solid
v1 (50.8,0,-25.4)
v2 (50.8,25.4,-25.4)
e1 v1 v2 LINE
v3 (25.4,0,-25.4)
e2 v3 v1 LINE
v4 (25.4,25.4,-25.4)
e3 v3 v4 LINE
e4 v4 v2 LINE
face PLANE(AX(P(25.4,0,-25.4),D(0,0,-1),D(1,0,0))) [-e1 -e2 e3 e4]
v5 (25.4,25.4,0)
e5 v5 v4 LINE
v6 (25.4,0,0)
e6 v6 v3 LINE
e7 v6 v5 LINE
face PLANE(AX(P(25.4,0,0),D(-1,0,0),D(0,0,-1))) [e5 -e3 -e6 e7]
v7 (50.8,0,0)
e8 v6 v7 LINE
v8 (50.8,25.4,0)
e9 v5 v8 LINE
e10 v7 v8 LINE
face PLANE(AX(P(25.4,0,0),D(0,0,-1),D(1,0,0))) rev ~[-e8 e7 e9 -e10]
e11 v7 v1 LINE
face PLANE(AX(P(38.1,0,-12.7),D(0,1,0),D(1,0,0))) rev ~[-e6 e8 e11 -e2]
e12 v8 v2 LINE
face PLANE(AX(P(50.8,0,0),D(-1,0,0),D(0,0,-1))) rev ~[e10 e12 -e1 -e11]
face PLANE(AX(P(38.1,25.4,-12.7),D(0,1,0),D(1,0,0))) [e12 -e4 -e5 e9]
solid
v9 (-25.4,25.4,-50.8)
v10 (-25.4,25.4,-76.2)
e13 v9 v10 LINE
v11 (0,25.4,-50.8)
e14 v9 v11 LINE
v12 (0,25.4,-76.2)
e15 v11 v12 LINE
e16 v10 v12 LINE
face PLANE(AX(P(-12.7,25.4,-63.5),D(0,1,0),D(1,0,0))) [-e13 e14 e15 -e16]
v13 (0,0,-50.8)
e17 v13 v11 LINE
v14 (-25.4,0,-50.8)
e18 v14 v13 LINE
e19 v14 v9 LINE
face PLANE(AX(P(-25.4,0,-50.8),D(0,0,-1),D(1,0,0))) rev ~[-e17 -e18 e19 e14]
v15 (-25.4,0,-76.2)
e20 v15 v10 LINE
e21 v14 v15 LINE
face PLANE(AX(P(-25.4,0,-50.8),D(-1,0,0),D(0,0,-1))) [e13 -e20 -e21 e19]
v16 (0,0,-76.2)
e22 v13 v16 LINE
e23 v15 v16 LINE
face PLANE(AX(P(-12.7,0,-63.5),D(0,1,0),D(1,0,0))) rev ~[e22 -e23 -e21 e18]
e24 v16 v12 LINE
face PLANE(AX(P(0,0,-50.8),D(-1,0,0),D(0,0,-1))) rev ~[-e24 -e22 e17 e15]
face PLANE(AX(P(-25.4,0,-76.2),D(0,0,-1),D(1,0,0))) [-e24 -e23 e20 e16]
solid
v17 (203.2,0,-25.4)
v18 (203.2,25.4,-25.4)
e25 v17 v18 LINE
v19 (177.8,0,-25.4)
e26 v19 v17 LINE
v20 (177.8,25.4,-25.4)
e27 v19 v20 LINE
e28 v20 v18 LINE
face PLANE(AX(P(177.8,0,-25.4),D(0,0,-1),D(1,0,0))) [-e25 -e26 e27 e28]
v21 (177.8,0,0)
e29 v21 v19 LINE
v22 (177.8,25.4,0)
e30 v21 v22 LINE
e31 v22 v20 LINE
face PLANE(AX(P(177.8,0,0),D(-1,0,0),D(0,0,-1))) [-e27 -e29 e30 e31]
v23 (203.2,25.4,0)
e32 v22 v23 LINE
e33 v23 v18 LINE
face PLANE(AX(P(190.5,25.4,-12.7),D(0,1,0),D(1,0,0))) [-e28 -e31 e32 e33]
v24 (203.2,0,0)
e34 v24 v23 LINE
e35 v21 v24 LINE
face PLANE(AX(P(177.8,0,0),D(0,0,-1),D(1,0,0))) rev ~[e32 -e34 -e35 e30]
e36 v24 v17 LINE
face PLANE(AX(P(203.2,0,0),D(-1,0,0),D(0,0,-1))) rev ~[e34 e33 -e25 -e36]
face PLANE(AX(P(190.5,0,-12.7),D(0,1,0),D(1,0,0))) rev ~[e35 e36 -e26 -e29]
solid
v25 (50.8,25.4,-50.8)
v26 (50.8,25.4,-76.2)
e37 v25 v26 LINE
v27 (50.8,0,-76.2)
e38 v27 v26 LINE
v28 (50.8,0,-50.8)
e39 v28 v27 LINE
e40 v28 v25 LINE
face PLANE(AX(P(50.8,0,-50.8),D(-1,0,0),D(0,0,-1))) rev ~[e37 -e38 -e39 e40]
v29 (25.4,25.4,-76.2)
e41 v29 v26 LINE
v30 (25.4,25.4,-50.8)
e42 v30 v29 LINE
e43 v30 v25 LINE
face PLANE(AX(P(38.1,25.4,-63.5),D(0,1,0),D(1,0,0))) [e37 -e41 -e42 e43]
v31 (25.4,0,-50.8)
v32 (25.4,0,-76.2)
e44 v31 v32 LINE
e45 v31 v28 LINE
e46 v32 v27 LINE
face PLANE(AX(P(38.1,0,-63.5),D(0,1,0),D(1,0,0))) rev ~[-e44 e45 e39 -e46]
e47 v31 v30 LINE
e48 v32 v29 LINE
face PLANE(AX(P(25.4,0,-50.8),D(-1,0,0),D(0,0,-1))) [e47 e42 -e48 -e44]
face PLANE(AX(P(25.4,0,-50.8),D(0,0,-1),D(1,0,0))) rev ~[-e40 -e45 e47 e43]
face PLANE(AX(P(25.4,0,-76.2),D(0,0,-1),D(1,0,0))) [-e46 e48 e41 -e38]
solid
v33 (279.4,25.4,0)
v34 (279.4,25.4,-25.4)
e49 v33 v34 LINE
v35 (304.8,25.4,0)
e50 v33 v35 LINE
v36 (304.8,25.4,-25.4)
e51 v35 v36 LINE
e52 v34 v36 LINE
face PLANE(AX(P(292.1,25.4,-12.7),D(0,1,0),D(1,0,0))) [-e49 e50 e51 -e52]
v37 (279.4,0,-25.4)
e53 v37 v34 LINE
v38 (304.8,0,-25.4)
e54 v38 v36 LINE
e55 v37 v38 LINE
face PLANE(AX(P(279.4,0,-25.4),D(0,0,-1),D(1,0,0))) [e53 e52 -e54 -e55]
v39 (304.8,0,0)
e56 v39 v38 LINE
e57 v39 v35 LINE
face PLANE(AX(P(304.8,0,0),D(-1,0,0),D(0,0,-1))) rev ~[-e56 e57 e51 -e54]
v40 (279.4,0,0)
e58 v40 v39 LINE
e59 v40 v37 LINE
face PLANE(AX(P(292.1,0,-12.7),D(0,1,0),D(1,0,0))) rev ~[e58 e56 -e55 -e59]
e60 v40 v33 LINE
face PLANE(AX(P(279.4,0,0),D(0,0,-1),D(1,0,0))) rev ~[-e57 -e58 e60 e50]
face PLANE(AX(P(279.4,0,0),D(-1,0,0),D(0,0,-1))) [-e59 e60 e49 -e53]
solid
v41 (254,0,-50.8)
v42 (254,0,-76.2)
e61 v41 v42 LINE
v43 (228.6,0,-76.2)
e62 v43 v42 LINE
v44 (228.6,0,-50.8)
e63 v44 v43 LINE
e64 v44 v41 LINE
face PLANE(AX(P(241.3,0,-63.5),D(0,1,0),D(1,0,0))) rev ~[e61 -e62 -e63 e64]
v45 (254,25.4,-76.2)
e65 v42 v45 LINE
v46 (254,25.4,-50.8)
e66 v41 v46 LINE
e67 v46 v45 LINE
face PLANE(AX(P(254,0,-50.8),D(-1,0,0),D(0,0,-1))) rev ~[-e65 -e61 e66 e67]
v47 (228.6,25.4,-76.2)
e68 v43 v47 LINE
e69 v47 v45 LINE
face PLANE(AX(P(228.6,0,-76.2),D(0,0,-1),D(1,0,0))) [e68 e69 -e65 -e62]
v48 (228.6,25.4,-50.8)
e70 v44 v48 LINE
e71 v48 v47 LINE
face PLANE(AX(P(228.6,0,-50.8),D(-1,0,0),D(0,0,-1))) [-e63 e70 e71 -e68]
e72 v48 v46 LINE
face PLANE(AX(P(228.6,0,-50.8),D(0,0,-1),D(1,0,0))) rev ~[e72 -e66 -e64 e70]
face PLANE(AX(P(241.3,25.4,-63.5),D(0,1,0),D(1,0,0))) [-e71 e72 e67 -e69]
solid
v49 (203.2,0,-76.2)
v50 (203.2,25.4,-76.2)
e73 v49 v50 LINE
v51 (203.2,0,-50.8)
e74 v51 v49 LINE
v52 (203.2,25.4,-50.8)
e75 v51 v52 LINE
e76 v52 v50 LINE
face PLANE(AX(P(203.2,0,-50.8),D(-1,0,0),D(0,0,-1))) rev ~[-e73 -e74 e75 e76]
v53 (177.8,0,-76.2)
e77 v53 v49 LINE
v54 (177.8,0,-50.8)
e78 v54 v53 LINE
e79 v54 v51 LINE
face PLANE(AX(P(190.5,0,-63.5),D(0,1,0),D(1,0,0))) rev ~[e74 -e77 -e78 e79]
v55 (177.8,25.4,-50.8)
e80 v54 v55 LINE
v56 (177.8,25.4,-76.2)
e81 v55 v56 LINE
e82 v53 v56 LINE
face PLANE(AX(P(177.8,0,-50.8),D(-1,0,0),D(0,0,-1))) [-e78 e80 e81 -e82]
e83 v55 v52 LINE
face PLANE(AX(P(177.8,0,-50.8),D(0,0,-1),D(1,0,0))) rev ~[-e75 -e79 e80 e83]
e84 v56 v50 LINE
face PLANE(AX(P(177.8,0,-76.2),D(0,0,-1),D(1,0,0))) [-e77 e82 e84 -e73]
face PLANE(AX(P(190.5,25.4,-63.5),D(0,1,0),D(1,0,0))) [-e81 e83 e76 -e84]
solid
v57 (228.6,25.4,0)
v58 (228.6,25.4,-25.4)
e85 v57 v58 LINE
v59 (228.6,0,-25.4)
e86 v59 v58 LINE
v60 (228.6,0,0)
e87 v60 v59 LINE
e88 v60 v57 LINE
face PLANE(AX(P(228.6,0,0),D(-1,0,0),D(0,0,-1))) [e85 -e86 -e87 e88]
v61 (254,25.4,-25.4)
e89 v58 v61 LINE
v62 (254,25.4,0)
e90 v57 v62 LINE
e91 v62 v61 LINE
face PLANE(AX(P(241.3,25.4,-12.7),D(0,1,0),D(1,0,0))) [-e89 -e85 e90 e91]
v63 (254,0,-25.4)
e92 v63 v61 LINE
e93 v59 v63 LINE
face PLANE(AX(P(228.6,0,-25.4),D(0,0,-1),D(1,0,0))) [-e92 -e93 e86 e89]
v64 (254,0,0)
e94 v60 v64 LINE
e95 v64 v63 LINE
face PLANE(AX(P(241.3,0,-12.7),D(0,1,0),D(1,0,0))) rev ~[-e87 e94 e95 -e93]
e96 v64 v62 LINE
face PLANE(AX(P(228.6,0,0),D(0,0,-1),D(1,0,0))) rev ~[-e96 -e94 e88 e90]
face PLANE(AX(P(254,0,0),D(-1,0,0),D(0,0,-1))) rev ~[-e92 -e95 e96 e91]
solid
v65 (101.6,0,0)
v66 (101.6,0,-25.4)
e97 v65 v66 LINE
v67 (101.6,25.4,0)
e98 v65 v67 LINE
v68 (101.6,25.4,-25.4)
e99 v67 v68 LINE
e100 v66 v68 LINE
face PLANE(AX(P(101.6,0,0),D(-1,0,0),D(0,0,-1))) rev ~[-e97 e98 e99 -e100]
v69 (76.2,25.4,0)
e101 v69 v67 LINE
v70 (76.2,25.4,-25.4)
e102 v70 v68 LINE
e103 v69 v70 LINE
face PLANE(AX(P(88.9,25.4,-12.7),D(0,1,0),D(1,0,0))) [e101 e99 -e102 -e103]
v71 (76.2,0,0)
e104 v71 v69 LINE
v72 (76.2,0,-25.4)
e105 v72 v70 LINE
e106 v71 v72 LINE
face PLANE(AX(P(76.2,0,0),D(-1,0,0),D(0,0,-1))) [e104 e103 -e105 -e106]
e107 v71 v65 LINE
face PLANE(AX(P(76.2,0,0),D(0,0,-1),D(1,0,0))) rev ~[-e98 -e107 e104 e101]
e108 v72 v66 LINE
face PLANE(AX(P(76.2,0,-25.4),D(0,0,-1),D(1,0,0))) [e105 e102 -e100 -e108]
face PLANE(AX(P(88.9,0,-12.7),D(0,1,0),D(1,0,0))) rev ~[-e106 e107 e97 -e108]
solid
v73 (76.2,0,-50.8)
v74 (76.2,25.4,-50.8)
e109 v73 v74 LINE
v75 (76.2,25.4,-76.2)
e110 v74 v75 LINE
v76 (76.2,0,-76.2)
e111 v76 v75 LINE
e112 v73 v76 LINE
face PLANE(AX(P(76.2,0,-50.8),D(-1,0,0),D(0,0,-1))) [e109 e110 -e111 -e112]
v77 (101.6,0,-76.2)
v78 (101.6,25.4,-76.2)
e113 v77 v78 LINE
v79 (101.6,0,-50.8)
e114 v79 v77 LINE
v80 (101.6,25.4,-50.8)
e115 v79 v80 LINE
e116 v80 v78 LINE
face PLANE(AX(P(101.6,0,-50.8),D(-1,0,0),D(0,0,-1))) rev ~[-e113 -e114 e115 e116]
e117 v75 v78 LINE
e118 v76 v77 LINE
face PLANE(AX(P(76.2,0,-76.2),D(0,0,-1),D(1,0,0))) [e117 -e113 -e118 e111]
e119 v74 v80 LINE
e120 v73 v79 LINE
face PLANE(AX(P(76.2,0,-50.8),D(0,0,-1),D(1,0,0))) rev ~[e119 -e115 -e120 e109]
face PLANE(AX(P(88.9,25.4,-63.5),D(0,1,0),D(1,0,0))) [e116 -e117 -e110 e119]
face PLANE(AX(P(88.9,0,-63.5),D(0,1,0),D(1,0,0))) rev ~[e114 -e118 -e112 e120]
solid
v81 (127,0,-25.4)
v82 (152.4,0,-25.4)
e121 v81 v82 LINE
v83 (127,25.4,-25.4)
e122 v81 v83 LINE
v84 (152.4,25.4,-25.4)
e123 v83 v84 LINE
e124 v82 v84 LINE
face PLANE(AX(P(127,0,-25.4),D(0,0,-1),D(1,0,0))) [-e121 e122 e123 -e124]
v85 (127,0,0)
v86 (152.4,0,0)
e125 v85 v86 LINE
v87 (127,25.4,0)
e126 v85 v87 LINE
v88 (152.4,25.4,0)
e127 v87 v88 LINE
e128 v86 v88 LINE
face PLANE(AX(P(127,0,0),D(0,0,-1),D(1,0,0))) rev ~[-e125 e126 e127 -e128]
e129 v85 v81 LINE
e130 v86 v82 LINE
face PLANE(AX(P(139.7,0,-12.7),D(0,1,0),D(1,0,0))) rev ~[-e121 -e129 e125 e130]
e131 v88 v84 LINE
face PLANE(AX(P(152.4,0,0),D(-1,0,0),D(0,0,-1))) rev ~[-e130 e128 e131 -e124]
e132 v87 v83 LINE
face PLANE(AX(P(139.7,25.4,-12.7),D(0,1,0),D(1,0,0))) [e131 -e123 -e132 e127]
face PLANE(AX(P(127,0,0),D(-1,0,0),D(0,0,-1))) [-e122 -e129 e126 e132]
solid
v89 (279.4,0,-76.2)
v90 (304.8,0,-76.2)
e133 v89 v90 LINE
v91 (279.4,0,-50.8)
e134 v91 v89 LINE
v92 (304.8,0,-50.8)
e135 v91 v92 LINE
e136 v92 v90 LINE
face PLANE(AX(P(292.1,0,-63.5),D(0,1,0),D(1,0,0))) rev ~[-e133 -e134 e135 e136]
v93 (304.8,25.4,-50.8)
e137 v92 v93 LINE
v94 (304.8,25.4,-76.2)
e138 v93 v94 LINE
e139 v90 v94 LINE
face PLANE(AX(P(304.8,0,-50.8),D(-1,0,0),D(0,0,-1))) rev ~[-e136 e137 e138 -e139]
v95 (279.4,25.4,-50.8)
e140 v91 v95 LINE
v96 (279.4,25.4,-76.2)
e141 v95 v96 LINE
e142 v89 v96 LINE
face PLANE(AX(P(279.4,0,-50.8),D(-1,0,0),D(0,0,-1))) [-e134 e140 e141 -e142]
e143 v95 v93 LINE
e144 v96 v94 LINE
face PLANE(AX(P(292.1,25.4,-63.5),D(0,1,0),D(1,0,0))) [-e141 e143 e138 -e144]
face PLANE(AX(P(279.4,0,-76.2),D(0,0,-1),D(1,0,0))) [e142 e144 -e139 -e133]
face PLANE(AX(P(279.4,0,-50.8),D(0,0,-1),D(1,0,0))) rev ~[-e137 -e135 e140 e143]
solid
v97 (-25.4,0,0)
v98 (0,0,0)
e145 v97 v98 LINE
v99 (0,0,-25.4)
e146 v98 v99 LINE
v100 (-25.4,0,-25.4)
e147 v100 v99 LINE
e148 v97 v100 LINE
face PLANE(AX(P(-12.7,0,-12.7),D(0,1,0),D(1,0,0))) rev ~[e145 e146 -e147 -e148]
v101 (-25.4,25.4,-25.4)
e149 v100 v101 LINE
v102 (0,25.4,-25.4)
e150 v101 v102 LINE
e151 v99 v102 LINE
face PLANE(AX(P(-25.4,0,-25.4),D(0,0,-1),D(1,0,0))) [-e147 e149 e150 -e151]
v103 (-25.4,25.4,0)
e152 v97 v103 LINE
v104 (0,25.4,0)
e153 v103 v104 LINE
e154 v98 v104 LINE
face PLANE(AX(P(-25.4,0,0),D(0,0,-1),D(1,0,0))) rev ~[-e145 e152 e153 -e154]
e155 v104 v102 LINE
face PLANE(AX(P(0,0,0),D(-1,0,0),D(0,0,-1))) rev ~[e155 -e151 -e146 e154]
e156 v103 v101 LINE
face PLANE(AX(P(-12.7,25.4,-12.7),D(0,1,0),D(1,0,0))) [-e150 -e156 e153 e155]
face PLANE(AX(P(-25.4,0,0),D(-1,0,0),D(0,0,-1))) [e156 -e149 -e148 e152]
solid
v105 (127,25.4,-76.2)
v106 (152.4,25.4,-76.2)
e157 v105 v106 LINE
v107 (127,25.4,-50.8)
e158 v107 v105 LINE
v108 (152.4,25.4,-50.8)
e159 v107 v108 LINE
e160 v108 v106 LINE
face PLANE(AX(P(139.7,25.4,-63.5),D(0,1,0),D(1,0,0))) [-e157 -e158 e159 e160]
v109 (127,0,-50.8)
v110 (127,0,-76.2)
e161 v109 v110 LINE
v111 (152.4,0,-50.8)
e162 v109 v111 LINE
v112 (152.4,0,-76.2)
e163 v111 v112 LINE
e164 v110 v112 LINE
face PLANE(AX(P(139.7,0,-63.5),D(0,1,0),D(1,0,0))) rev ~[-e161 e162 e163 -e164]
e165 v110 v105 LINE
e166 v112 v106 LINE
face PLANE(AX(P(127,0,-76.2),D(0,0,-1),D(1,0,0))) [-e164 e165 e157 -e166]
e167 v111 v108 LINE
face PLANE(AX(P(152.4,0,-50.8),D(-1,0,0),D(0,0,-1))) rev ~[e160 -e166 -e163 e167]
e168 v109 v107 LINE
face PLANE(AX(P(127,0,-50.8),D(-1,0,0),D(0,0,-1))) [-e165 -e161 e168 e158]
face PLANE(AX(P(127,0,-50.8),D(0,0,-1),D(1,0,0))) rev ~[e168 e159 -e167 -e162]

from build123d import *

# Parameters (mm, degrees)
SKETCH1_W              = 25.4
SKETCH1_H              = 25.4
BOSS_EXTRUDE1_DEPTH    = 25.4
BOSS_EXTRUDE1_2_DEPTH  = 25.4
BOSS_EXTRUDE1_3_DEPTH  = 25.4
BOSS_EXTRUDE1_4_DEPTH  = 25.4
BOSS_EXTRUDE1_5_DEPTH  = 25.4
BOSS_EXTRUDE1_6_DEPTH  = 25.4
BOSS_EXTRUDE1_7_DEPTH  = 25.4
BOSS_EXTRUDE1_8_DEPTH  = 25.4
BOSS_EXTRUDE1_9_DEPTH  = 25.4
BOSS_EXTRUDE1_10_DEPTH = 25.4
BOSS_EXTRUDE1_11_DEPTH = 25.4
BOSS_EXTRUDE1_12_DEPTH = 25.4
BOSS_EXTRUDE1_13_DEPTH = 25.4
BOSS_EXTRUDE1_14_DEPTH = 25.4


with BuildPart() as part:
    # Sketch1 → Boss-Extrude1 (new body)
    with BuildSketch(Plane(origin=(0, 0, 0), x_dir=(1, 0, 0), z_dir=(0, 1, 0))):
        with Locations((38.1, 12.7)):
            Rectangle(SKETCH1_W, SKETCH1_H)
    extrude(amount=BOSS_EXTRUDE1_DEPTH)


with BuildPart() as body_2:
    # Sketch1 → Boss-Extrude1 2 (new body)
    with BuildSketch(Plane(origin=(0, 0, 0), x_dir=(1, 0, 0), z_dir=(0, 1, 0))):
        with Locations((-12.7, 12.7)):
            Rectangle(SKETCH1_W, SKETCH1_H)
    extrude(amount=BOSS_EXTRUDE1_2_DEPTH)


with BuildPart() as body_3:
    # Sketch1 → Boss-Extrude1 3 (new body)
    with BuildSketch(Plane(origin=(0, 0, 0), x_dir=(1, 0, 0), z_dir=(0, 1, 0))):
        with Locations((88.9, 12.7)):
            Rectangle(SKETCH1_W, SKETCH1_H)
    extrude(amount=BOSS_EXTRUDE1_3_DEPTH)


with BuildPart() as body_4:
    # Sketch1 → Boss-Extrude1 4 (new body)
    with BuildSketch(Plane(origin=(0, 0, 0), x_dir=(1, 0, 0), z_dir=(0, 1, 0))):
        with Locations((139.7, 12.7)):
            Rectangle(SKETCH1_W, SKETCH1_H)
    extrude(amount=BOSS_EXTRUDE1_4_DEPTH)


with BuildPart() as body_5:
    # Sketch1 → Boss-Extrude1 5 (new body)
    with BuildSketch(Plane(origin=(0, 0, 0), x_dir=(1, 0, 0), z_dir=(0, 1, 0))):
        with Locations((190.5, 12.7)):
            Rectangle(SKETCH1_W, SKETCH1_H)
    extrude(amount=BOSS_EXTRUDE1_5_DEPTH)


with BuildPart() as body_6:
    # Sketch1 → Boss-Extrude1 6 (new body)
    with BuildSketch(Plane(origin=(0, 0, 0), x_dir=(1, 0, 0), z_dir=(0, 1, 0))):
        with Locations((241.3, 12.7)):
            Rectangle(SKETCH1_W, SKETCH1_H)
    extrude(amount=BOSS_EXTRUDE1_6_DEPTH)


with BuildPart() as body_7:
    # Sketch1 → Boss-Extrude1 7 (new body)
    with BuildSketch(Plane(origin=(0, 0, 0), x_dir=(1, 0, 0), z_dir=(0, 1, 0))):
        with Locations((292.1, 12.7)):
            Rectangle(SKETCH1_W, SKETCH1_H)
    extrude(amount=BOSS_EXTRUDE1_7_DEPTH)


with BuildPart() as body_8:
    # Sketch1 → Boss-Extrude1 8 (new body)
    with BuildSketch(Plane(origin=(0, 0, 0), x_dir=(1, 0, 0), z_dir=(0, 1, 0))):
        with Locations((38.1, 63.5)):
            Rectangle(SKETCH1_W, SKETCH1_H)
    extrude(amount=BOSS_EXTRUDE1_8_DEPTH)


with BuildPart() as body_9:
    # Sketch1 → Boss-Extrude1 9 (new body)
    with BuildSketch(Plane(origin=(0, 0, 0), x_dir=(1, 0, 0), z_dir=(0, 1, 0))):
        with Locations((88.9, 63.5)):
            Rectangle(SKETCH1_W, SKETCH1_H)
    extrude(amount=BOSS_EXTRUDE1_9_DEPTH)


with BuildPart() as body_10:
    # Sketch1 → Boss-Extrude1 10 (new body)
    with BuildSketch(Plane(origin=(0, 0, 0), x_dir=(1, 0, 0), z_dir=(0, 1, 0))):
        with Locations((139.7, 63.5)):
            Rectangle(SKETCH1_W, SKETCH1_H)
    extrude(amount=BOSS_EXTRUDE1_10_DEPTH)


with BuildPart() as body_11:
    # Sketch1 → Boss-Extrude1 11 (new body)
    with BuildSketch(Plane(origin=(0, 0, 0), x_dir=(1, 0, 0), z_dir=(0, 1, 0))):
        with Locations((190.5, 63.5)):
            Rectangle(SKETCH1_W, SKETCH1_H)
    extrude(amount=BOSS_EXTRUDE1_11_DEPTH)


with BuildPart() as body_12:
    # Sketch1 → Boss-Extrude1 12 (new body)
    with BuildSketch(Plane(origin=(0, 0, 0), x_dir=(1, 0, 0), z_dir=(0, 1, 0))):
        with Locations((241.3, 63.5)):
            Rectangle(SKETCH1_W, SKETCH1_H)
    extrude(amount=BOSS_EXTRUDE1_12_DEPTH)


with BuildPart() as body_13:
    # Sketch1 → Boss-Extrude1 13 (new body)
    with BuildSketch(Plane(origin=(0, 0, 0), x_dir=(1, 0, 0), z_dir=(0, 1, 0))):
        with Locations((292.1, 63.5)):
            Rectangle(SKETCH1_W, SKETCH1_H)
    extrude(amount=BOSS_EXTRUDE1_13_DEPTH)


with BuildPart() as body_14:
    # Sketch1 → Boss-Extrude1 14 (new body)
    with BuildSketch(Plane(origin=(0, 0, 0), x_dir=(1, 0, 0), z_dir=(0, 1, 0))):
        with Locations((-12.7, 63.5)):
            Rectangle(SKETCH1_W, SKETCH1_H)
    extrude(amount=BOSS_EXTRUDE1_14_DEPTH)


solid = Compound([part.part, body_2.part, body_3.part, body_4.part, body_5.part, body_6.part, body_7.part, body_8.part, body_9.part, body_10.part, body_11.part, body_12.part, body_13.part, body_14.part])
